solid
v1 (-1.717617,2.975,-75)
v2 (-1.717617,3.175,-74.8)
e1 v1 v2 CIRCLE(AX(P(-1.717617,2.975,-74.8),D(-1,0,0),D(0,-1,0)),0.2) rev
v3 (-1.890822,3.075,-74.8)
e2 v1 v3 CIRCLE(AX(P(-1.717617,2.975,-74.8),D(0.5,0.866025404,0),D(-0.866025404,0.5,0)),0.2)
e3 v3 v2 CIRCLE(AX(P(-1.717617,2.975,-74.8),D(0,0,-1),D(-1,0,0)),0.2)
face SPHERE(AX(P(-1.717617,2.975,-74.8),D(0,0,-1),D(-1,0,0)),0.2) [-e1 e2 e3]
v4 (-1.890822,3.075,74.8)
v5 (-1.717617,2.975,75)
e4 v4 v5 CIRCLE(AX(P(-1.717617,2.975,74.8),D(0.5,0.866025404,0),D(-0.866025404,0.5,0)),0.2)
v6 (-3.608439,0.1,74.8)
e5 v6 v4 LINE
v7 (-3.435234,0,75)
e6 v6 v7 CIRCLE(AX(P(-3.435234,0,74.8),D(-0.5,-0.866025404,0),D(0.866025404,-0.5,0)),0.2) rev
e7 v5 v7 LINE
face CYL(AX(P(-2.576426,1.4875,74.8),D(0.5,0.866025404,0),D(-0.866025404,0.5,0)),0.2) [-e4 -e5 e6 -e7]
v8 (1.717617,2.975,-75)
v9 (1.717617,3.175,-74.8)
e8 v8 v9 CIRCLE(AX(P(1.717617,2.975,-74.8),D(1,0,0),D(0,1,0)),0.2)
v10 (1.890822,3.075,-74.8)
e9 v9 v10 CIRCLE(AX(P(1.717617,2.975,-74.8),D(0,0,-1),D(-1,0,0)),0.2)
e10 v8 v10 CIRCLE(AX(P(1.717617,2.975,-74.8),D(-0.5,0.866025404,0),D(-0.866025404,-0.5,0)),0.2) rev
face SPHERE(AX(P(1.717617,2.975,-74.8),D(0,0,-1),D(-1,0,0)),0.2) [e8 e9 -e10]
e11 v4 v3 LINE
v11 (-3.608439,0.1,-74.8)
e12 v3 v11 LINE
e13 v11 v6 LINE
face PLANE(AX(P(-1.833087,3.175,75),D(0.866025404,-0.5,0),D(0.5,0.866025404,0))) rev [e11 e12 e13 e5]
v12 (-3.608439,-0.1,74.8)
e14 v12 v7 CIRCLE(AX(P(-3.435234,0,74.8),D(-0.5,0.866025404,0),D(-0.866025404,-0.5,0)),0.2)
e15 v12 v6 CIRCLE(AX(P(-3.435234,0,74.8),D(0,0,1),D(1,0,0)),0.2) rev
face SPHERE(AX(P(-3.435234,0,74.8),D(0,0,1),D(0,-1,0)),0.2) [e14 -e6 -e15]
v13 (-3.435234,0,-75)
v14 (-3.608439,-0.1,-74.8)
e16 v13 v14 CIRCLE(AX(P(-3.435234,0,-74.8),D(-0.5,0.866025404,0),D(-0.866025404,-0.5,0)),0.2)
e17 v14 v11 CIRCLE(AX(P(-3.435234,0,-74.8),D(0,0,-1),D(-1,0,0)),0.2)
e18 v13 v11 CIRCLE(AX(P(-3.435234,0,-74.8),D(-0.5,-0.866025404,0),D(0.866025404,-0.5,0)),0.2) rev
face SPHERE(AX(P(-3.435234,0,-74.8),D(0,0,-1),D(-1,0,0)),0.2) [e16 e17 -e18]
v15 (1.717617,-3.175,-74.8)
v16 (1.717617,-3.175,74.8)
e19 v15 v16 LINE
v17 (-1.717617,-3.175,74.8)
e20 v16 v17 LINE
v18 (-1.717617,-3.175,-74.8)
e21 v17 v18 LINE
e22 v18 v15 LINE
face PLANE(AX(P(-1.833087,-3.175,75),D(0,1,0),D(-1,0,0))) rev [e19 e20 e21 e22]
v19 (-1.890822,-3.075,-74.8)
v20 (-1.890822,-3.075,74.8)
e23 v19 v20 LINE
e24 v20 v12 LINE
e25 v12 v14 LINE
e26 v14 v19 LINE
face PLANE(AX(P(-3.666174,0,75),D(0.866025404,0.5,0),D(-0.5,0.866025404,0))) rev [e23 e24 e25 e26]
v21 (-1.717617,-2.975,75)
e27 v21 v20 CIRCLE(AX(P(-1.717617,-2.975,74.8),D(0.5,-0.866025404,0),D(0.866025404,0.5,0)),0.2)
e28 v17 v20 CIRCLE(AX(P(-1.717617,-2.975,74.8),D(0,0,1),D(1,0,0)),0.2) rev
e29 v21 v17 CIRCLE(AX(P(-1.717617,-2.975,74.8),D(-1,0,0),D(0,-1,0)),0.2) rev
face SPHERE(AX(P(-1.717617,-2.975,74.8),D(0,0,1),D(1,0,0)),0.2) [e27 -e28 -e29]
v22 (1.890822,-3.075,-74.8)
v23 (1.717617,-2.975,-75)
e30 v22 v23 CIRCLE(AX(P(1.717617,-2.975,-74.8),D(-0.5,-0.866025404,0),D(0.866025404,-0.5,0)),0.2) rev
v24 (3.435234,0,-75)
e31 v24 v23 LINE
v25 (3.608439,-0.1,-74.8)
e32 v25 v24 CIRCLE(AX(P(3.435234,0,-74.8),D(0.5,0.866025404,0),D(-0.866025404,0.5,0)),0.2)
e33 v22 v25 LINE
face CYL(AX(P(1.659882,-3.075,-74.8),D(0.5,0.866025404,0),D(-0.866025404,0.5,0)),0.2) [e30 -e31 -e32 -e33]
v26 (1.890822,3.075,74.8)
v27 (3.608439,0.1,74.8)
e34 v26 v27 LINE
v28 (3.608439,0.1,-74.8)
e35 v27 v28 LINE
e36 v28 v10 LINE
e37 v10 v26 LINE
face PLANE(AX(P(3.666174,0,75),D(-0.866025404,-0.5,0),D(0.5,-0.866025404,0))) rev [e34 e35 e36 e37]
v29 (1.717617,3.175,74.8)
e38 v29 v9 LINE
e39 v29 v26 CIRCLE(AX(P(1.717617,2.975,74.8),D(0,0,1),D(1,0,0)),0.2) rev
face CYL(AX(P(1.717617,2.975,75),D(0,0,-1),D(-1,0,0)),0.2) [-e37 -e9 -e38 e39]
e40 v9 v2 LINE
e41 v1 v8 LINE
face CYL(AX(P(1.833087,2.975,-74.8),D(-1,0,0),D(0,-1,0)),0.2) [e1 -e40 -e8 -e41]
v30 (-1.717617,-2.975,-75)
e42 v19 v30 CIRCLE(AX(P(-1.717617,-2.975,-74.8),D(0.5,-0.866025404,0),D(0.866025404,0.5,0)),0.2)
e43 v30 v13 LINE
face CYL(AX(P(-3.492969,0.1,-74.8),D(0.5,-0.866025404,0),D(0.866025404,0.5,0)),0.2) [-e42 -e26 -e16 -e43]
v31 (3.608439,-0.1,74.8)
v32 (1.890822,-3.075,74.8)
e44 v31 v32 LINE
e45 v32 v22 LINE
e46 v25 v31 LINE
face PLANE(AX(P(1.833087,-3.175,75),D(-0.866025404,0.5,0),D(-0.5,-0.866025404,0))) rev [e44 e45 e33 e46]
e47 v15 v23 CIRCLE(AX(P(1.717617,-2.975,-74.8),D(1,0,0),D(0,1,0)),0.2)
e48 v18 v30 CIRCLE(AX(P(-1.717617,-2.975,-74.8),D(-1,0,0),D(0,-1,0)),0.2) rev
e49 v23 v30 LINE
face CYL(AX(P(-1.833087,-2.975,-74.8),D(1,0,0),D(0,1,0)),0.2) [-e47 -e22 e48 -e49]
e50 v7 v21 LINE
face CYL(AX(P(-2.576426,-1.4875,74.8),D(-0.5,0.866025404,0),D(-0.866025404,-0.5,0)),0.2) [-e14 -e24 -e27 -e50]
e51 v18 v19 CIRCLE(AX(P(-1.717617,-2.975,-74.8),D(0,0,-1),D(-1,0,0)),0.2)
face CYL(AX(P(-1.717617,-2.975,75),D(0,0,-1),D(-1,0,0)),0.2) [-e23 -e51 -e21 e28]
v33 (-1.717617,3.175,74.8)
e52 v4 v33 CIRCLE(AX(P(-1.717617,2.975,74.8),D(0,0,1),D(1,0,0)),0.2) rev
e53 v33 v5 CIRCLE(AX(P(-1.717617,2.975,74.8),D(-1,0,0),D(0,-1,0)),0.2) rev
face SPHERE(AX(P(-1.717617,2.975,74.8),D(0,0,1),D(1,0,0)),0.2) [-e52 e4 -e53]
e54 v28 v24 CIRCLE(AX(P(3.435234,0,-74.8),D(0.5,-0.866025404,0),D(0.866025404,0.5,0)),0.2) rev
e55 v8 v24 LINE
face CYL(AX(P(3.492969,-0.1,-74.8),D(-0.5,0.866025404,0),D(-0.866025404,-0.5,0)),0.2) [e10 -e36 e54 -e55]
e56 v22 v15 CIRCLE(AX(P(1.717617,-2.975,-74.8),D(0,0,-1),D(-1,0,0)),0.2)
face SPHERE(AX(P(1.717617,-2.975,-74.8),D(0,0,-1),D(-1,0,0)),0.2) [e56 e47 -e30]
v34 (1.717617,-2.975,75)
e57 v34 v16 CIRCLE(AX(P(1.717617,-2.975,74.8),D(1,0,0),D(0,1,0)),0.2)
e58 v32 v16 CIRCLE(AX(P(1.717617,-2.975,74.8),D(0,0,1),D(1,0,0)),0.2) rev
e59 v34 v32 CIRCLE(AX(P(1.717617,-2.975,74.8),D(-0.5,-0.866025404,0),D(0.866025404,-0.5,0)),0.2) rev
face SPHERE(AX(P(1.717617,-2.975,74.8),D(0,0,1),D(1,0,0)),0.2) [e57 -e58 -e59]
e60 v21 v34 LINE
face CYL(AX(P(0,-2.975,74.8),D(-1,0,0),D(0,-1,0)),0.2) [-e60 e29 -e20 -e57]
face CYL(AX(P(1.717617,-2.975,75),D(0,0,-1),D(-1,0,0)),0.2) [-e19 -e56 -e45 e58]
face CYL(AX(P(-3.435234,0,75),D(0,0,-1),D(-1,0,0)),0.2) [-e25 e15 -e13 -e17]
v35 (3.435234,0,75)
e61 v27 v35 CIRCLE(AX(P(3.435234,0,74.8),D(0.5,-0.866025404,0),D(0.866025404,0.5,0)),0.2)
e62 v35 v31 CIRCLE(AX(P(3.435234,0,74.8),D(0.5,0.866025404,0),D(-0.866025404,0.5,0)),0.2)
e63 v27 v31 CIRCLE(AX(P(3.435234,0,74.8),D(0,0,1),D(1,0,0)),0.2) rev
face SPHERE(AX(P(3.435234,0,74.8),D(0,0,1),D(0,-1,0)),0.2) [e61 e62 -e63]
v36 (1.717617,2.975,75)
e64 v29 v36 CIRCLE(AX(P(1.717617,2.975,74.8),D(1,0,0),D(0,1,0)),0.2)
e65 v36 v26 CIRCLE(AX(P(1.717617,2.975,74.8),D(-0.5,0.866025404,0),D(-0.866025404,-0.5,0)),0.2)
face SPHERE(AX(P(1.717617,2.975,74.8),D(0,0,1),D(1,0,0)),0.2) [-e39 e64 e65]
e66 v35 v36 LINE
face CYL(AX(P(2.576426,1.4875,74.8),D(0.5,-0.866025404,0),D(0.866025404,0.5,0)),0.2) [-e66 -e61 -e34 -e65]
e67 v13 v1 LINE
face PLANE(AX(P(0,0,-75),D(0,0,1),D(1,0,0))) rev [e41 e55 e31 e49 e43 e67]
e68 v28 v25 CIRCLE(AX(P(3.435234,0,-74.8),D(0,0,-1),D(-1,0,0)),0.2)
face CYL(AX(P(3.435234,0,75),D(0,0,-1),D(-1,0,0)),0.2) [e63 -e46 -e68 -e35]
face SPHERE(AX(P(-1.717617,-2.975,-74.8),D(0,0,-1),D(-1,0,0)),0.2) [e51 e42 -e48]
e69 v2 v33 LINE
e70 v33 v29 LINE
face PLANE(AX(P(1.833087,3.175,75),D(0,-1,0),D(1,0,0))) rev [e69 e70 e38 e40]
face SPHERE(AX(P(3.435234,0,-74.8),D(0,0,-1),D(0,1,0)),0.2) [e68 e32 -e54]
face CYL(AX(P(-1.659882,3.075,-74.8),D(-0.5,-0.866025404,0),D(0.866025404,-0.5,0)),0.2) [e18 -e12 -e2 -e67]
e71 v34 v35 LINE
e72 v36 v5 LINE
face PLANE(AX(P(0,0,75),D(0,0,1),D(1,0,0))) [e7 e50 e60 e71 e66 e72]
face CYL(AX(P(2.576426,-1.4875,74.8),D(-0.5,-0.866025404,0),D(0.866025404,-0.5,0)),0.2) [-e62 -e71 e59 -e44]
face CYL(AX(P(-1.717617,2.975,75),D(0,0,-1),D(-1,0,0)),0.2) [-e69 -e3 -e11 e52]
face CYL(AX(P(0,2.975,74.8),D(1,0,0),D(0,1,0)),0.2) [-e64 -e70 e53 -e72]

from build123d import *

# Parameters (mm, degrees)
BOSS_EXTRUDE1_DEPTH = 75
FILLET1_R           = 0.2


with BuildPart() as part:
    # Sketch1 → Boss-Extrude1 (new, symmetric)
    with BuildSketch(Plane.XY):
        Polygon((3.666174209, 0), (1.833087105, 3.175), (-1.833087105, 3.175), (-3.666174209, 0), (-1.833087105, -3.175), (1.833087105, -3.175), align=None)
    extrude(amount=BOSS_EXTRUDE1_DEPTH, both=True)

    # Fillet1
    fillet1_edges = [part.edges().sort_by_distance(p)[0] for p in [
        (1.833087105, -3.175, 0),
        (-1.833087105, -3.175, 0),
        (-3.666174209, 0, 0),
        (-1.833087105, 3.175, 0),
        (1.833087105, 3.175, 0),
        (3.666174209, 0, 0),
        (0, 3.175, 75),
        (-2.749630657, 1.5875, 75),
        (-2.749630657, -1.5875, 75),
        (0, -3.175, 75),
        (2.749630657, -1.5875, 75),
        (0, -3.175, -75),
        (-2.749630657, -1.5875, -75),
        (-2.749630657, 1.5875, -75),
        (0, 3.175, -75),
        (2.749630657, 1.5875, -75),
        (2.749630657, -1.5875, -75),
        (2.749630657, 1.5875, 75),
    ]]
    fillet(fillet1_edges, radius=FILLET1_R)


solid = part.part
